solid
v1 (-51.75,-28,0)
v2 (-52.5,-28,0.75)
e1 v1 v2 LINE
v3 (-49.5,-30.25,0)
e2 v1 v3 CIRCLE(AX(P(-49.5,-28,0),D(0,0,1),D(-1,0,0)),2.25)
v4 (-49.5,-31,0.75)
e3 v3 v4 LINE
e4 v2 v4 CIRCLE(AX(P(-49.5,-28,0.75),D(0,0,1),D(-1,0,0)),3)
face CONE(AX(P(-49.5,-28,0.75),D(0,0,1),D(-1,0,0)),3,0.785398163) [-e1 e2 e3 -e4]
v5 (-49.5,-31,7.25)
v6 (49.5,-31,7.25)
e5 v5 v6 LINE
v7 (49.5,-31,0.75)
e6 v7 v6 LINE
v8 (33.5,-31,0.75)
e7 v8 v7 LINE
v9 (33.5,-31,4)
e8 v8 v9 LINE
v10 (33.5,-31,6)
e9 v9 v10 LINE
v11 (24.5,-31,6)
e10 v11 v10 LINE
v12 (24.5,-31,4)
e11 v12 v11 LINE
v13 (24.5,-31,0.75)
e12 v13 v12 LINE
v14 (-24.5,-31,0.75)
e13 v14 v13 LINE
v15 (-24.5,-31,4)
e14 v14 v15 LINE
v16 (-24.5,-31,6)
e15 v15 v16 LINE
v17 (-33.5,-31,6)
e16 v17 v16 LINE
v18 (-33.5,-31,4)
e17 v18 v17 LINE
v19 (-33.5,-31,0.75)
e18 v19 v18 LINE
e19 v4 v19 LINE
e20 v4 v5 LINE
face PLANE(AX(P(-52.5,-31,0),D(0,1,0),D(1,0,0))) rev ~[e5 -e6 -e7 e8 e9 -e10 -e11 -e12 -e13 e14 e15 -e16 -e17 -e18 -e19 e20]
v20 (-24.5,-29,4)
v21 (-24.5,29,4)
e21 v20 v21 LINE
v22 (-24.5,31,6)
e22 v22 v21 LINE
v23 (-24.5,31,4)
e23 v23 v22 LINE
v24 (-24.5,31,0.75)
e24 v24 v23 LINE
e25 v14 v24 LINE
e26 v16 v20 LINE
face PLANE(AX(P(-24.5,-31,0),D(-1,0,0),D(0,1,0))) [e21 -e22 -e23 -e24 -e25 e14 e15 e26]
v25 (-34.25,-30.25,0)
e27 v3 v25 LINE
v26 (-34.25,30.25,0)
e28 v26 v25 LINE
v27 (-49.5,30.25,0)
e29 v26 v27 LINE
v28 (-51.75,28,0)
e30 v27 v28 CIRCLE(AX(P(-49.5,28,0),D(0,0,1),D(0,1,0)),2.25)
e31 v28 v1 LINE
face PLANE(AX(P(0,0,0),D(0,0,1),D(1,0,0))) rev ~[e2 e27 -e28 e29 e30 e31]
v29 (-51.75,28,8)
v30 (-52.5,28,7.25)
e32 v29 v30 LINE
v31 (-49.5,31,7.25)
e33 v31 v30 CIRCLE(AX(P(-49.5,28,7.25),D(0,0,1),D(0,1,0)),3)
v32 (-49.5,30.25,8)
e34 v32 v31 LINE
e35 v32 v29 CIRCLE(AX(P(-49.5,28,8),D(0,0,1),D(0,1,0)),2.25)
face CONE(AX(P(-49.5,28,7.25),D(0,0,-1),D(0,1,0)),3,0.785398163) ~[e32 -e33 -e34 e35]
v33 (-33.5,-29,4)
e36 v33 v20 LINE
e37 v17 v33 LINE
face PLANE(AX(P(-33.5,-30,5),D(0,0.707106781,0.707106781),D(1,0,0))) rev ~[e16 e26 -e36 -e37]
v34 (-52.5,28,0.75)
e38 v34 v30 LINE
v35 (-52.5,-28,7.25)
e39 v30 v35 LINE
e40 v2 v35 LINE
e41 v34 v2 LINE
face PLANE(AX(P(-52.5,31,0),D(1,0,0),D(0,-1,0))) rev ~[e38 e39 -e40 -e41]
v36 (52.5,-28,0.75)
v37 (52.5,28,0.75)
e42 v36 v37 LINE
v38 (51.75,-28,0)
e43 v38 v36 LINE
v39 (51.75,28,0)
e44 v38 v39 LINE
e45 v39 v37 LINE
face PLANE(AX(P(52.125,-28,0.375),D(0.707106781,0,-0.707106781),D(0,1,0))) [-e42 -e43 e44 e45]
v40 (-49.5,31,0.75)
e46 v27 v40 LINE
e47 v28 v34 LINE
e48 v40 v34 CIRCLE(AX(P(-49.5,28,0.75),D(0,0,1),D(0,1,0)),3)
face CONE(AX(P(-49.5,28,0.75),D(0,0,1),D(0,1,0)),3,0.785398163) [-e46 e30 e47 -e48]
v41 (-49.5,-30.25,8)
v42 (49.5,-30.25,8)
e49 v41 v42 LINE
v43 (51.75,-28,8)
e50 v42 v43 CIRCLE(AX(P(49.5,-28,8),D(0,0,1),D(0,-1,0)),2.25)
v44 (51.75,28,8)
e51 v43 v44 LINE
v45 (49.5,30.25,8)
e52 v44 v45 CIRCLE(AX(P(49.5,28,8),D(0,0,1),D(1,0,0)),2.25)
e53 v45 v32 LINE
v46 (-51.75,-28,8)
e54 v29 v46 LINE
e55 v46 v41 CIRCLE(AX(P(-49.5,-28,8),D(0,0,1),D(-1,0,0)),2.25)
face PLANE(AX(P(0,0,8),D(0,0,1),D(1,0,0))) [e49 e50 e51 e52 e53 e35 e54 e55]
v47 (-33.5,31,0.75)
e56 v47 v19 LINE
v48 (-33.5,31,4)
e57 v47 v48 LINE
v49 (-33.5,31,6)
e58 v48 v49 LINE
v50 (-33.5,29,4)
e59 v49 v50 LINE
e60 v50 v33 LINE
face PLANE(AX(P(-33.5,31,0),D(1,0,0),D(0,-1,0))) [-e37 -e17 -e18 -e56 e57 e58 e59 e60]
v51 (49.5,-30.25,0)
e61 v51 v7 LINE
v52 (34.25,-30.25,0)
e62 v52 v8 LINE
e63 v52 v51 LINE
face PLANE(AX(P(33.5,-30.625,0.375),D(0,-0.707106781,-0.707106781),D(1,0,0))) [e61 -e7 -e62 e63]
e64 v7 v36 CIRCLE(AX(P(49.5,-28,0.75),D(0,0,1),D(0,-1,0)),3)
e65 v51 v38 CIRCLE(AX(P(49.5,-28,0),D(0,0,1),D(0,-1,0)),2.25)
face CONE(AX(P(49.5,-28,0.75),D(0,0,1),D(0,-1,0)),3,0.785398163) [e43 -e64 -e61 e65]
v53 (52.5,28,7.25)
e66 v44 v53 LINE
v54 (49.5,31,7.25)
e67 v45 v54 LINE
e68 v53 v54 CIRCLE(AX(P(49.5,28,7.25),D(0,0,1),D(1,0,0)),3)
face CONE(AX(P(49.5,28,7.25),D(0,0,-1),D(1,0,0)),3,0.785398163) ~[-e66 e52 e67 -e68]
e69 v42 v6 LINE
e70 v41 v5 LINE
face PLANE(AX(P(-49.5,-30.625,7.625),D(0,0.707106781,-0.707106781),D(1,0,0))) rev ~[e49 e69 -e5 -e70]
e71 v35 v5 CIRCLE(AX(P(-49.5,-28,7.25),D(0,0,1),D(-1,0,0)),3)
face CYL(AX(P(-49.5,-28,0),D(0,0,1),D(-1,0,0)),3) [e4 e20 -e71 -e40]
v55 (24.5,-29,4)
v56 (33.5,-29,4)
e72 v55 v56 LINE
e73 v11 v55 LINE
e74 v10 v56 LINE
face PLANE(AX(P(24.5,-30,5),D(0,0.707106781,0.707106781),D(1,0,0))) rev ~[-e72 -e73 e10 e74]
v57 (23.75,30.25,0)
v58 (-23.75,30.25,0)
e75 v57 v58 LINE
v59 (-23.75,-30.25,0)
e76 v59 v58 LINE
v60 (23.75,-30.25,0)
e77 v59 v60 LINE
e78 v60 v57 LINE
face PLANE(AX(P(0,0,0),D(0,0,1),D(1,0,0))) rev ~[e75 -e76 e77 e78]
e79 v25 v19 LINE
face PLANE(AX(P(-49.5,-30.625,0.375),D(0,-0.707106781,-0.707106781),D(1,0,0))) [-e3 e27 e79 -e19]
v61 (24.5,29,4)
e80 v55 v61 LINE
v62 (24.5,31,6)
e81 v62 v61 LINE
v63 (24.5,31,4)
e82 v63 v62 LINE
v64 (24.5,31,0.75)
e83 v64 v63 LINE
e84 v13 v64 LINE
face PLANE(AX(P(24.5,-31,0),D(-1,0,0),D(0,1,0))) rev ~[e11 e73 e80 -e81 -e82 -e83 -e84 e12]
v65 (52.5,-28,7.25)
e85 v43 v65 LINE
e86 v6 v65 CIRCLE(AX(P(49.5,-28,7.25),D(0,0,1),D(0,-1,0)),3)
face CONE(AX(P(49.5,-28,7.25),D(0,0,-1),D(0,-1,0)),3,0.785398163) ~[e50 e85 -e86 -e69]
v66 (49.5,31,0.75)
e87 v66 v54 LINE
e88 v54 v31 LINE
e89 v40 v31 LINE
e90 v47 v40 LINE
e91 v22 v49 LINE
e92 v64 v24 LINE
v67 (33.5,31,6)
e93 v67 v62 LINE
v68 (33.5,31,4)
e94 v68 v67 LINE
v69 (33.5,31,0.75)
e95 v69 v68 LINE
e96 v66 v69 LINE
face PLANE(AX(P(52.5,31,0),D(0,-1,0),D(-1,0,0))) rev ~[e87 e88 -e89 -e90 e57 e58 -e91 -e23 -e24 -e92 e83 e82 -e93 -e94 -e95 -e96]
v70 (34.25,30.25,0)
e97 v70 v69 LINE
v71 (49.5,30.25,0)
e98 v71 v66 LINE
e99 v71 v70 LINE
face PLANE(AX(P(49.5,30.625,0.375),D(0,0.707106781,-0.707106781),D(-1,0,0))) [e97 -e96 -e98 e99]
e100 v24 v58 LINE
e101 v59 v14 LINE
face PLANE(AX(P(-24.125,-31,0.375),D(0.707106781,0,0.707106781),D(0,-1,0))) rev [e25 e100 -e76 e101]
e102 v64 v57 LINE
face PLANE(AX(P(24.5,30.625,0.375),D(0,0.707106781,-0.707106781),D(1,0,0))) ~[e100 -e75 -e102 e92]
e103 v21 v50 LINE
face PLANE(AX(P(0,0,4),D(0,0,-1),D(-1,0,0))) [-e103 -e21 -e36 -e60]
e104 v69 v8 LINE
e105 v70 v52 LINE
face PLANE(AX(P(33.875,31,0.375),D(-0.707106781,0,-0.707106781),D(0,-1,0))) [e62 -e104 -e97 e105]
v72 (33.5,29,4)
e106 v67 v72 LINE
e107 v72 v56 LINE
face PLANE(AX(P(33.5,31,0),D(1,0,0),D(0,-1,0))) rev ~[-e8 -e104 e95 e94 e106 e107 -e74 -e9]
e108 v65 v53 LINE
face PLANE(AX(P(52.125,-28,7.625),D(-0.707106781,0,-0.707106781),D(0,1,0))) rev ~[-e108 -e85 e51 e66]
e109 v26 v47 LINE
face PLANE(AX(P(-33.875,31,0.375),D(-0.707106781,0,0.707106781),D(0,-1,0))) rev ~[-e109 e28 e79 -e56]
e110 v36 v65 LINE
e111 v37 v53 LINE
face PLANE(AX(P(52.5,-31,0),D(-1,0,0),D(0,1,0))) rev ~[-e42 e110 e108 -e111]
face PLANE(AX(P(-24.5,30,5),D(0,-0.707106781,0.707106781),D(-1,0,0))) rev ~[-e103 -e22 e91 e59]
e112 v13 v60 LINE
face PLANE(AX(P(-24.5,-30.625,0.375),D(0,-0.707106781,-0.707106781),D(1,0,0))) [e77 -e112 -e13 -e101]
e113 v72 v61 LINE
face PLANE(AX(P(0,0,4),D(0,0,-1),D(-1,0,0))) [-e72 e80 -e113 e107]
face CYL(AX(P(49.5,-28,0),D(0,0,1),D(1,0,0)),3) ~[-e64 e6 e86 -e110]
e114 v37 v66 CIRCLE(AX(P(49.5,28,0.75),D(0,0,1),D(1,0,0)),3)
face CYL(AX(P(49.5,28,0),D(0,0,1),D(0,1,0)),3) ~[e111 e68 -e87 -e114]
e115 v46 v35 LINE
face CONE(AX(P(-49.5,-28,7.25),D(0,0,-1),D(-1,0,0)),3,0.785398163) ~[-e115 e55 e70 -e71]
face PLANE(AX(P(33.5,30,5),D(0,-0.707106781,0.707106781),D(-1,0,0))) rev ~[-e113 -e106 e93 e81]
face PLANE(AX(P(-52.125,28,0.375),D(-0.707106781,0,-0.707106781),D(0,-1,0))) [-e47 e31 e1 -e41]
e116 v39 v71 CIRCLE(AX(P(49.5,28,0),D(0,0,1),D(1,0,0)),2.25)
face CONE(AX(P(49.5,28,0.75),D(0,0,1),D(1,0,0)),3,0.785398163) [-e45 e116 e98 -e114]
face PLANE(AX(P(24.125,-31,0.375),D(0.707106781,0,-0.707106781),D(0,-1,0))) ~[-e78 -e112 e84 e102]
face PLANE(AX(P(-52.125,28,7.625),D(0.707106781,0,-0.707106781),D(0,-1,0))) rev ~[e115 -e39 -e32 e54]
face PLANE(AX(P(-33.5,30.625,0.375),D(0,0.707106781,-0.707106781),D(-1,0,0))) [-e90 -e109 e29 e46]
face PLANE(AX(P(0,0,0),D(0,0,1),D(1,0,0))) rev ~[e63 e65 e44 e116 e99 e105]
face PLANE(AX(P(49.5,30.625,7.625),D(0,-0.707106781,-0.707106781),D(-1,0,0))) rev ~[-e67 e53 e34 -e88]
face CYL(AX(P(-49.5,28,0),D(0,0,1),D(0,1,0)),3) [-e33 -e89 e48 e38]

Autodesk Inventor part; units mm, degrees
ref_plane "YZ Plane" through (0, 0, 0) normal (1, 0, 0) x (0, 1, 0)
ref_plane "XZ Plane" through (0, 0, 0) normal (0, 1, 0) x (-1, 0, 0)
ref_plane "XY Plane" through (0, 0, 0) normal (0, 0, 1) x (1, 0, 0)
sketch "Sketch1" plane through (0, 0, 0) normal (0, 0, 1) x (1, 0, 0)
  line L0 (-52.5, -31) -> (52.5, -31)
  line L1 (52.5, -31) -> (52.5, 31)
  line L2 (52.5, 31) -> (-52.5, 31)
  line L3 (-52.5, 31) -> (-52.5, -31)
  line L4 (-52.5, -31) -> (52.5, 31) construction
  line L5 (52.5, -31) -> (-52.5, 31) construction
  point P0 (0, 0)
  dimension "d1" = 105
  dimension "d2" = 62
extrude "Extrusion1" add sketch "Sketch1" along normal blind 8
sketch "Sketch2" plane through (0, 0, 0) normal (0, 0, -1) x (-1, 0, 0)
  line L0 (-52.5, -31) -> (-52.5, 31) projected
  line L1 (52.5, -31) -> (-52.5, -31) projected
  line L2 (52.5, 31) -> (52.5, -31) projected
  line L3 (-52.5, 31) -> (52.5, 31) projected
  line L4 (52.5, -31) -> (-52.5, -31) projected
  line L5 (33.5, -31) -> (24.5, -31)
  line L6 (24.5, -31) -> (24.5, 31)
  line L7 (24.5, 31) -> (33.5, 31)
  line L8 (33.5, 31) -> (33.5, -31)
  line L9 (-73.5, 0) -> (73.5, 0) construction
  line L10 (0, -43.4) -> (0, 43.4) construction
  line L11 (-33.5, -31) -> (-24.5, -31)
  line L12 (-24.5, -31) -> (-24.5, 31)
  line L13 (-24.5, 31) -> (-33.5, 31)
  line L14 (-33.5, 31) -> (-33.5, -31)
  point P0 (0, 0)
  point P1 (-33.5, 31)
  point P2 (-24.5, 31)
  point P3 (33.5, 31)
  dimension "d5" = 9
  dimension "d6" = 19
extrude "Extrusion2" cut sketch "Sketch2" against normal blind 4 contours L14 L3 L12 L1 | L6 L3 L8 L1
chamfer "Chamfer1" distance 2 angle 45 4 edges at (-29, -31, 4) (29, -31, 4) (29, 31, 4) (-29, 31, 4)
fillet "Fillet1" radius 3 4 edges at (-52.5, -31, 4) (-52.5, 31, 4) (52.5, -31, 4) (52.5, 31, 4)
chamfer "Chamfer2" distance 0.75 angle 45 4 edges at (0, -31, 8) (-52.5, 0, 8) (0, 31, 8) (52.5, 0, 8)
chamfer "Chamfer3" distance 0.75 angle 45 16 edges at (-52.5, 0, 0) (-51.6213, -30.1213, 0) (-41.5, -31, 0) (-51.6213, 30.1213, 0) (-41.5, 31, 0) (52.5, 0, 0) (51.6213, 30.1213, 0) (41.5, 31, 0) (51.6213, -30.1213, 0) (41.5, -31, 0) (0, 31, 0) (24.5, 0, 0) (0, -31, 0) (-24.5, 0, 0) (-33.5, 0, 0) (33.5, 0, 0)
properties part number "BatteryHolder_3DPrint"
